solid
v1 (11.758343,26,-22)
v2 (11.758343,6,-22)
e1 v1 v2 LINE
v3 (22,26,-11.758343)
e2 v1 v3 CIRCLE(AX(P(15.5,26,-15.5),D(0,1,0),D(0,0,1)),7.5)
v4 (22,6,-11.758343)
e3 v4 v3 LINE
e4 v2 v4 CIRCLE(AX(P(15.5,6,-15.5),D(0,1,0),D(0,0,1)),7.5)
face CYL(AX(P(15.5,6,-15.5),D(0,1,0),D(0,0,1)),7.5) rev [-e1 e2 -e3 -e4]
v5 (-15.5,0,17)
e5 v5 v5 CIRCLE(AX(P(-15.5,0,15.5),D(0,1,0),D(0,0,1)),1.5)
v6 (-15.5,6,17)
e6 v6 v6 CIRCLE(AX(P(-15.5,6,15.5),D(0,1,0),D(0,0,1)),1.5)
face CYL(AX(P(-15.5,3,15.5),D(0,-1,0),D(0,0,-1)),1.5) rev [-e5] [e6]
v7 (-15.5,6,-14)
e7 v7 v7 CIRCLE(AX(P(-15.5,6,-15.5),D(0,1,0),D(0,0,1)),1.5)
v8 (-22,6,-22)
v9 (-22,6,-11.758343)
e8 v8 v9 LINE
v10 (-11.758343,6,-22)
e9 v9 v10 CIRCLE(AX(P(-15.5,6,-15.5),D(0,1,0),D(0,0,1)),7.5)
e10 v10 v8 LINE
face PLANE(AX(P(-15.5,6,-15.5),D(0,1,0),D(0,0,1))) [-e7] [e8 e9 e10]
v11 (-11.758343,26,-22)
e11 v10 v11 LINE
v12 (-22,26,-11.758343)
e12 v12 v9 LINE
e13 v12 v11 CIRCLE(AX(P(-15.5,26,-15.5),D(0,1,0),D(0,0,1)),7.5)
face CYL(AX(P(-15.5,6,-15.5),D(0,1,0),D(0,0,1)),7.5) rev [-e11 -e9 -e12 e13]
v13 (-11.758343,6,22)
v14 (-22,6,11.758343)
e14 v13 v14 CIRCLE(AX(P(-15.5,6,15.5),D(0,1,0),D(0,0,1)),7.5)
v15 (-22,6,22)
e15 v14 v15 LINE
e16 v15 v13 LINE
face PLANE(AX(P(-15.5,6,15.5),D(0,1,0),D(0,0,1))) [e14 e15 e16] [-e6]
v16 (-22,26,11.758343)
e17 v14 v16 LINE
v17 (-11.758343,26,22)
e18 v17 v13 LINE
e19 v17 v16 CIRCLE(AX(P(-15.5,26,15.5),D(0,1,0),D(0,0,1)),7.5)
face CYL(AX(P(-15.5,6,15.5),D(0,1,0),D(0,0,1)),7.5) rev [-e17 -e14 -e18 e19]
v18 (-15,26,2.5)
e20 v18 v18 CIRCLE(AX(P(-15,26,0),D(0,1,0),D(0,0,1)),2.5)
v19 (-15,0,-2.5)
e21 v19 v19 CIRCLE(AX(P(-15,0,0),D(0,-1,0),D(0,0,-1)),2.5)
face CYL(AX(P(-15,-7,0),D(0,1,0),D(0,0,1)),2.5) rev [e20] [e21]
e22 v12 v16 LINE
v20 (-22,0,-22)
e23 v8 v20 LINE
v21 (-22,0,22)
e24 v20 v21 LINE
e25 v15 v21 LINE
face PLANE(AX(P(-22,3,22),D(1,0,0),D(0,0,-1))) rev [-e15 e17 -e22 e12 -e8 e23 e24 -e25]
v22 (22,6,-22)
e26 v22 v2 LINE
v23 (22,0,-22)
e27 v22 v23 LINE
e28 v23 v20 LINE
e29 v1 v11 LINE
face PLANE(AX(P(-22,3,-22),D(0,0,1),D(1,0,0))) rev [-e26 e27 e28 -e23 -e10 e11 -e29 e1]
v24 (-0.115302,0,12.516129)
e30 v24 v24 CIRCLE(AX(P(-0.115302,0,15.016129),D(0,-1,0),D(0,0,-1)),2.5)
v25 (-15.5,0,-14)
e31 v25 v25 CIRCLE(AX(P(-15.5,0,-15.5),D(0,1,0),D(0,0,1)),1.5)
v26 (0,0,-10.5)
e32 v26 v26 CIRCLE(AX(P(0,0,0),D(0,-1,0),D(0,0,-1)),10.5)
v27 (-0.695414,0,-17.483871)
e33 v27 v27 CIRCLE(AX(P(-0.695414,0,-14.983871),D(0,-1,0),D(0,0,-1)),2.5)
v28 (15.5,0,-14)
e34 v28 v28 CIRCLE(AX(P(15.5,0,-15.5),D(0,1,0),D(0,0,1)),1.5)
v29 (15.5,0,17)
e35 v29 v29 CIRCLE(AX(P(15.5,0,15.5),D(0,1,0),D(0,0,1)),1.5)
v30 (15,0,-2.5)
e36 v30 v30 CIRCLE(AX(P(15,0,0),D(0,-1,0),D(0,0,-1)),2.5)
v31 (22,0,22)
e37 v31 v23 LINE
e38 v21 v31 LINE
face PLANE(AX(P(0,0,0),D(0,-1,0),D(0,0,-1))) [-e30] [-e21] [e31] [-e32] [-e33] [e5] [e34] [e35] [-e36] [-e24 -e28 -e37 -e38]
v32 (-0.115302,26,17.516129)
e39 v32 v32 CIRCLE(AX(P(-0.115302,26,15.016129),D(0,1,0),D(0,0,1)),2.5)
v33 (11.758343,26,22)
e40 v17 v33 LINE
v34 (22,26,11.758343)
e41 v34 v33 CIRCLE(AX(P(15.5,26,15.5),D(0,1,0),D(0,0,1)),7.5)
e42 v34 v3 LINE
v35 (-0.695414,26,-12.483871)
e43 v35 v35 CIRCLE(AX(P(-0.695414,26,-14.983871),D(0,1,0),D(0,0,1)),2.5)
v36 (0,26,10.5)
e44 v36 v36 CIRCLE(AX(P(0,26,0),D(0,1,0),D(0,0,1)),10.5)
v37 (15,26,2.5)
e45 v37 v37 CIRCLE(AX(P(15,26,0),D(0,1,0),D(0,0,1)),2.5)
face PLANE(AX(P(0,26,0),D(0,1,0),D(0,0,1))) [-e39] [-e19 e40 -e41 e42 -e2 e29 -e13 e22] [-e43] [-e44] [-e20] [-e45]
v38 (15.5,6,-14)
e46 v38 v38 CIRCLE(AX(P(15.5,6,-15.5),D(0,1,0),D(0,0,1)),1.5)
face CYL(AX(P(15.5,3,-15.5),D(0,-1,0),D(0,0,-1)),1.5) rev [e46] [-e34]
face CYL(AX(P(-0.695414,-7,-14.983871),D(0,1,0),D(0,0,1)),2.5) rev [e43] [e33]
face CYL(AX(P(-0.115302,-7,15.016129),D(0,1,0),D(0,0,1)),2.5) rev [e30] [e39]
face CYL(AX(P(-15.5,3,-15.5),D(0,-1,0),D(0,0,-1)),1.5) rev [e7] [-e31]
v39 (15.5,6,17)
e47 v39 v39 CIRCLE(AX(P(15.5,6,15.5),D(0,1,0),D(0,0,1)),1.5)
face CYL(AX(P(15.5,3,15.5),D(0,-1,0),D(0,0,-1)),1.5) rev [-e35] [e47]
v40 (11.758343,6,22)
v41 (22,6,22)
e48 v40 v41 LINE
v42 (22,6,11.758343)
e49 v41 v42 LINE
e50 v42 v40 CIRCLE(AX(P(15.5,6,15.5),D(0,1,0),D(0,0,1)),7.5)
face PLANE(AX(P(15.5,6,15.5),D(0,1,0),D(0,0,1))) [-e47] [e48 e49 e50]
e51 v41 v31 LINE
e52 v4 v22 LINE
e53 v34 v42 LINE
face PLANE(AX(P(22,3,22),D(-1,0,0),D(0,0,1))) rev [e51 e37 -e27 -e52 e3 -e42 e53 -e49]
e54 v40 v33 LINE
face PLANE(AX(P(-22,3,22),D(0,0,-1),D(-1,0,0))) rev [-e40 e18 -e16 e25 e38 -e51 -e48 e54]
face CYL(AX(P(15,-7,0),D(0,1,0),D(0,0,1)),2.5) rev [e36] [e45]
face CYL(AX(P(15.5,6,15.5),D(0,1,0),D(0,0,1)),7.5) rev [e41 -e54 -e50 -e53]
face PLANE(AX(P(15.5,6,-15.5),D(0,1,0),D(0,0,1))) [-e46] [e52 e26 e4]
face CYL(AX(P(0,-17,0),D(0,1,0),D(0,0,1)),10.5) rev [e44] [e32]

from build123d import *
from build123d.topology import SkipClean

# Parameters (mm, degrees)
SKETCH1_W           = 44
SKETCH1_H           = 44
SKETCH1_R           = 1.5
BOSS_EXTRUDE1_DEPTH = 3
SKETCH2_W           = 44
SKETCH2_H           = 44
SKETCH2_W_2         = 36
SKETCH2_H_2         = 36
BOSS_EXTRUDE2_DEPTH = 20
SKETCH3_R           = 10.5
CUT_EXTRUDE1_DEPTH  = 20
SKETCH4_W           = 44
SKETCH4_H           = 44
BOSS_EXTRUDE3_DEPTH = 3
SKETCH5_R           = 10.5
CUT_EXTRUDE2_DEPTH  = 20
SKETCH6_R           = 10.5
BOSS_EXTRUDE4_DEPTH = 23
SKETCH7_R           = 2.5
CUT_EXTRUDE3_DEPTH  = 33
BOSS_EXTRUDE5_START = 3
SKETCH8_R           = 1.5
BOSS_EXTRUDE5_DEPTH = 3


with BuildPart() as part:
    # Sketch1 → Boss-Extrude1 (new body)
    with BuildSketch(Plane(origin=(0, 0, 0), x_dir=(1, 0, 0), z_dir=(0, 1, 0))):
        Rectangle(SKETCH1_W, SKETCH1_H)
        with Locations(Location((-15.5, 15.5, 0), (0, 0, 270))):
            Circle(SKETCH1_R, mode=Mode.SUBTRACT)
        with Locations(Location((15.5, 15.5, 0), (0, 0, 270))):
            Circle(SKETCH1_R, mode=Mode.SUBTRACT)
        with Locations(Location((-15.5, -15.5, 0), (0, 0, 270))):
            Circle(SKETCH1_R, mode=Mode.SUBTRACT)
        with Locations(Location((15.5, -15.5, 0), (0, 0, 270))):
            Circle(SKETCH1_R, mode=Mode.SUBTRACT)
    extrude(amount=BOSS_EXTRUDE1_DEPTH)

    # Sketch2 → Boss-Extrude2 (add)
    with BuildSketch(Plane(origin=(0, 3, 0), x_dir=(1, 0, 0), z_dir=(0, 1, 0))):
        Rectangle(SKETCH2_W, SKETCH2_H)
        Rectangle(SKETCH2_W_2, SKETCH2_H_2, mode=Mode.SUBTRACT)
    extrude(amount=BOSS_EXTRUDE2_DEPTH)

    # Sketch3 → Cut-Extrude1 (cut)
    with BuildSketch(Plane(origin=(0, 3, 0), x_dir=(1, 0, 0), z_dir=(0, 1, 0))):
        with Locations(Location((0, 0, 0), (0, 0, 270))):
            Circle(SKETCH3_R)
    extrude(amount=-CUT_EXTRUDE1_DEPTH, mode=Mode.SUBTRACT)

    # Sketch4 → Boss-Extrude3 (add)
    with BuildSketch(Plane(origin=(0, 23, 0), x_dir=(1, 0, 0), z_dir=(0, 1, 0))):
        Rectangle(SKETCH4_W, SKETCH4_H)
    extrude(amount=BOSS_EXTRUDE3_DEPTH)

    # Sketch5 → Cut-Extrude2 (cut)
    with BuildSketch(Plane(origin=(0, 26, 0), x_dir=(1, 0, 0), z_dir=(0, 1, 0))):
        with Locations(Location((0, 0, 0), (0, 0, 270))):
            Circle(SKETCH5_R)
        with BuildLine():
            Line((-22, 22), (-22, 19.241657387))
            ThreePointArc((-22, 19.241657387), (-10.196699141, 10.196699141), (-19.241657387, 22))
            Line((-19.241657387, 22), (-22, 22))
        make_face()
        with BuildLine():
            Line((22, 22), (19.241657387, 22))
            ThreePointArc((19.241657387, 22), (10.196699141, 10.196699141), (22, 19.241657387))
            Line((22, 19.241657387), (22, 22))
        make_face()
        with BuildLine():
            Line((22, -22), (22, -19.241657387))
            ThreePointArc((22, -19.241657387), (10.196699141, -10.196699141), (19.241657387, -22))
            Line((19.241657387, -22), (22, -22))
        make_face()
        with BuildLine():
            Line((-22, -22), (-22, -19.241657387))
            ThreePointArc((-22, -19.241657387), (-10.196699141, -10.196699141), (-19.241657387, -22))
            Line((-19.241657387, -22), (-22, -22))
        make_face()
    extrude(amount=-CUT_EXTRUDE2_DEPTH, mode=Mode.SUBTRACT)

    # Sketch6 → Boss-Extrude4 (add)
    with SkipClean():  # the faces are left unmerged after this step: merging them gives an invalid solid
        with BuildSketch(Plane.XZ.offset(-23)):
            with BuildLine():
                Line((8.428932188, 18), (-8.428932188, 18))
                ThreePointArc((-8.428932188, 18), (-10.196699141, 10.196699141), (-18, 8.428932188))
                Line((-18, 8.428932188), (-18, -8.428932188))
                ThreePointArc((-18, -8.428932188), (-10.196699141, -10.196699141), (-8.428932188, -18))
                Line((-8.428932188, -18), (8.428932188, -18))
                ThreePointArc((8.428932188, -18), (10.196699141, -10.196699141), (18, -8.428932188))
                Line((18, -8.428932188), (18, 8.428932188))
                ThreePointArc((18, 8.428932188), (10.196699141, 10.196699141), (8.428932188, 18))
            make_face()
            with Locations(Location((0, 0, 0), (0, 0, 90))):
                Circle(SKETCH6_R, mode=Mode.SUBTRACT)
        extrude(amount=BOSS_EXTRUDE4_DEPTH)

    # Sketch7 → Cut-Extrude3 (cut)
    with SkipClean():  # the faces are left unmerged after this step: merging them gives an invalid solid
        with BuildSketch(Plane(origin=(0, 26, 0), x_dir=(1, 0, 0), z_dir=(0, 1, 0))):
            with Locations(Location((15, 0, 0), (0, 0, 270))):
                Circle(SKETCH7_R)
            with Locations(Location((-15, 0, 0), (0, 0, 270))):
                Circle(SKETCH7_R)
            with Locations(Location((-0.695414312, 14.983871293, 0), (0, 0, 270))):
                Circle(SKETCH7_R)
            with Locations(Location((-0.115302399, -15.016128707, 0), (0, 0, 270))):
                Circle(SKETCH7_R)
        extrude(amount=-CUT_EXTRUDE3_DEPTH, mode=Mode.SUBTRACT)

    # Sketch8 → Boss-Extrude5 (add)
    # profile 1 of 4: a face of its own
    with SkipClean():  # the faces are left unmerged after this step: merging them gives an invalid solid
        with BuildSketch(Plane(origin=(0, 3, 0), x_dir=(1, 0, 0), z_dir=(0, 1, 0)).offset(BOSS_EXTRUDE5_START)):
            with BuildLine():
                Line((8.428932188, -18), (18, -18))
                Line((18, -18), (18, -8.428932188))
                ThreePointArc((18, -8.428932188), (10.196699141, -10.196699141), (8.428932188, -18))
            make_face()
            with Locations(Location((15.5, -15.5, 0), (0, 0, 270))):
                Circle(SKETCH8_R, mode=Mode.SUBTRACT)
        # profile 2 of 4: a face of its own
        with BuildSketch(Plane(origin=(0, 3, 0), x_dir=(1, 0, 0), z_dir=(0, 1, 0)).offset(BOSS_EXTRUDE5_START)):
            with BuildLine():
                Line((18, 8.428932188), (18, 18))
                Line((18, 18), (8.428932188, 18))
                ThreePointArc((8.428932188, 18), (10.196699141, 10.196699141), (18, 8.428932188))
            make_face()
            with Locations(Location((15.5, 15.5, 0), (0, 0, 270))):
                Circle(SKETCH8_R, mode=Mode.SUBTRACT)
        # profile 3 of 4: a face of its own
        with BuildSketch(Plane(origin=(0, 3, 0), x_dir=(1, 0, 0), z_dir=(0, 1, 0)).offset(BOSS_EXTRUDE5_START)):
            with BuildLine():
                Line((-8.428932188, 18), (-18, 18))
                Line((-18, 18), (-18, 8.428932188))
                ThreePointArc((-18, 8.428932188), (-10.196699141, 10.196699141), (-8.428932188, 18))
            make_face()
            with Locations(Location((-15.5, 15.5, 0), (0, 0, 270))):
                Circle(SKETCH8_R, mode=Mode.SUBTRACT)
        # profile 4 of 4: a face of its own
        with BuildSketch(Plane(origin=(0, 3, 0), x_dir=(1, 0, 0), z_dir=(0, 1, 0)).offset(BOSS_EXTRUDE5_START)):
            with BuildLine():
                Line((-18, -8.428932188), (-18, -18))
                Line((-18, -18), (-8.428932188, -18))
                ThreePointArc((-8.428932188, -18), (-10.196699141, -10.196699141), (-18, -8.428932188))
            make_face()
            with Locations(Location((-15.5, -15.5, 0), (0, 0, 270))):
                Circle(SKETCH8_R, mode=Mode.SUBTRACT)
        extrude(amount=-BOSS_EXTRUDE5_DEPTH)


solid = part.part
